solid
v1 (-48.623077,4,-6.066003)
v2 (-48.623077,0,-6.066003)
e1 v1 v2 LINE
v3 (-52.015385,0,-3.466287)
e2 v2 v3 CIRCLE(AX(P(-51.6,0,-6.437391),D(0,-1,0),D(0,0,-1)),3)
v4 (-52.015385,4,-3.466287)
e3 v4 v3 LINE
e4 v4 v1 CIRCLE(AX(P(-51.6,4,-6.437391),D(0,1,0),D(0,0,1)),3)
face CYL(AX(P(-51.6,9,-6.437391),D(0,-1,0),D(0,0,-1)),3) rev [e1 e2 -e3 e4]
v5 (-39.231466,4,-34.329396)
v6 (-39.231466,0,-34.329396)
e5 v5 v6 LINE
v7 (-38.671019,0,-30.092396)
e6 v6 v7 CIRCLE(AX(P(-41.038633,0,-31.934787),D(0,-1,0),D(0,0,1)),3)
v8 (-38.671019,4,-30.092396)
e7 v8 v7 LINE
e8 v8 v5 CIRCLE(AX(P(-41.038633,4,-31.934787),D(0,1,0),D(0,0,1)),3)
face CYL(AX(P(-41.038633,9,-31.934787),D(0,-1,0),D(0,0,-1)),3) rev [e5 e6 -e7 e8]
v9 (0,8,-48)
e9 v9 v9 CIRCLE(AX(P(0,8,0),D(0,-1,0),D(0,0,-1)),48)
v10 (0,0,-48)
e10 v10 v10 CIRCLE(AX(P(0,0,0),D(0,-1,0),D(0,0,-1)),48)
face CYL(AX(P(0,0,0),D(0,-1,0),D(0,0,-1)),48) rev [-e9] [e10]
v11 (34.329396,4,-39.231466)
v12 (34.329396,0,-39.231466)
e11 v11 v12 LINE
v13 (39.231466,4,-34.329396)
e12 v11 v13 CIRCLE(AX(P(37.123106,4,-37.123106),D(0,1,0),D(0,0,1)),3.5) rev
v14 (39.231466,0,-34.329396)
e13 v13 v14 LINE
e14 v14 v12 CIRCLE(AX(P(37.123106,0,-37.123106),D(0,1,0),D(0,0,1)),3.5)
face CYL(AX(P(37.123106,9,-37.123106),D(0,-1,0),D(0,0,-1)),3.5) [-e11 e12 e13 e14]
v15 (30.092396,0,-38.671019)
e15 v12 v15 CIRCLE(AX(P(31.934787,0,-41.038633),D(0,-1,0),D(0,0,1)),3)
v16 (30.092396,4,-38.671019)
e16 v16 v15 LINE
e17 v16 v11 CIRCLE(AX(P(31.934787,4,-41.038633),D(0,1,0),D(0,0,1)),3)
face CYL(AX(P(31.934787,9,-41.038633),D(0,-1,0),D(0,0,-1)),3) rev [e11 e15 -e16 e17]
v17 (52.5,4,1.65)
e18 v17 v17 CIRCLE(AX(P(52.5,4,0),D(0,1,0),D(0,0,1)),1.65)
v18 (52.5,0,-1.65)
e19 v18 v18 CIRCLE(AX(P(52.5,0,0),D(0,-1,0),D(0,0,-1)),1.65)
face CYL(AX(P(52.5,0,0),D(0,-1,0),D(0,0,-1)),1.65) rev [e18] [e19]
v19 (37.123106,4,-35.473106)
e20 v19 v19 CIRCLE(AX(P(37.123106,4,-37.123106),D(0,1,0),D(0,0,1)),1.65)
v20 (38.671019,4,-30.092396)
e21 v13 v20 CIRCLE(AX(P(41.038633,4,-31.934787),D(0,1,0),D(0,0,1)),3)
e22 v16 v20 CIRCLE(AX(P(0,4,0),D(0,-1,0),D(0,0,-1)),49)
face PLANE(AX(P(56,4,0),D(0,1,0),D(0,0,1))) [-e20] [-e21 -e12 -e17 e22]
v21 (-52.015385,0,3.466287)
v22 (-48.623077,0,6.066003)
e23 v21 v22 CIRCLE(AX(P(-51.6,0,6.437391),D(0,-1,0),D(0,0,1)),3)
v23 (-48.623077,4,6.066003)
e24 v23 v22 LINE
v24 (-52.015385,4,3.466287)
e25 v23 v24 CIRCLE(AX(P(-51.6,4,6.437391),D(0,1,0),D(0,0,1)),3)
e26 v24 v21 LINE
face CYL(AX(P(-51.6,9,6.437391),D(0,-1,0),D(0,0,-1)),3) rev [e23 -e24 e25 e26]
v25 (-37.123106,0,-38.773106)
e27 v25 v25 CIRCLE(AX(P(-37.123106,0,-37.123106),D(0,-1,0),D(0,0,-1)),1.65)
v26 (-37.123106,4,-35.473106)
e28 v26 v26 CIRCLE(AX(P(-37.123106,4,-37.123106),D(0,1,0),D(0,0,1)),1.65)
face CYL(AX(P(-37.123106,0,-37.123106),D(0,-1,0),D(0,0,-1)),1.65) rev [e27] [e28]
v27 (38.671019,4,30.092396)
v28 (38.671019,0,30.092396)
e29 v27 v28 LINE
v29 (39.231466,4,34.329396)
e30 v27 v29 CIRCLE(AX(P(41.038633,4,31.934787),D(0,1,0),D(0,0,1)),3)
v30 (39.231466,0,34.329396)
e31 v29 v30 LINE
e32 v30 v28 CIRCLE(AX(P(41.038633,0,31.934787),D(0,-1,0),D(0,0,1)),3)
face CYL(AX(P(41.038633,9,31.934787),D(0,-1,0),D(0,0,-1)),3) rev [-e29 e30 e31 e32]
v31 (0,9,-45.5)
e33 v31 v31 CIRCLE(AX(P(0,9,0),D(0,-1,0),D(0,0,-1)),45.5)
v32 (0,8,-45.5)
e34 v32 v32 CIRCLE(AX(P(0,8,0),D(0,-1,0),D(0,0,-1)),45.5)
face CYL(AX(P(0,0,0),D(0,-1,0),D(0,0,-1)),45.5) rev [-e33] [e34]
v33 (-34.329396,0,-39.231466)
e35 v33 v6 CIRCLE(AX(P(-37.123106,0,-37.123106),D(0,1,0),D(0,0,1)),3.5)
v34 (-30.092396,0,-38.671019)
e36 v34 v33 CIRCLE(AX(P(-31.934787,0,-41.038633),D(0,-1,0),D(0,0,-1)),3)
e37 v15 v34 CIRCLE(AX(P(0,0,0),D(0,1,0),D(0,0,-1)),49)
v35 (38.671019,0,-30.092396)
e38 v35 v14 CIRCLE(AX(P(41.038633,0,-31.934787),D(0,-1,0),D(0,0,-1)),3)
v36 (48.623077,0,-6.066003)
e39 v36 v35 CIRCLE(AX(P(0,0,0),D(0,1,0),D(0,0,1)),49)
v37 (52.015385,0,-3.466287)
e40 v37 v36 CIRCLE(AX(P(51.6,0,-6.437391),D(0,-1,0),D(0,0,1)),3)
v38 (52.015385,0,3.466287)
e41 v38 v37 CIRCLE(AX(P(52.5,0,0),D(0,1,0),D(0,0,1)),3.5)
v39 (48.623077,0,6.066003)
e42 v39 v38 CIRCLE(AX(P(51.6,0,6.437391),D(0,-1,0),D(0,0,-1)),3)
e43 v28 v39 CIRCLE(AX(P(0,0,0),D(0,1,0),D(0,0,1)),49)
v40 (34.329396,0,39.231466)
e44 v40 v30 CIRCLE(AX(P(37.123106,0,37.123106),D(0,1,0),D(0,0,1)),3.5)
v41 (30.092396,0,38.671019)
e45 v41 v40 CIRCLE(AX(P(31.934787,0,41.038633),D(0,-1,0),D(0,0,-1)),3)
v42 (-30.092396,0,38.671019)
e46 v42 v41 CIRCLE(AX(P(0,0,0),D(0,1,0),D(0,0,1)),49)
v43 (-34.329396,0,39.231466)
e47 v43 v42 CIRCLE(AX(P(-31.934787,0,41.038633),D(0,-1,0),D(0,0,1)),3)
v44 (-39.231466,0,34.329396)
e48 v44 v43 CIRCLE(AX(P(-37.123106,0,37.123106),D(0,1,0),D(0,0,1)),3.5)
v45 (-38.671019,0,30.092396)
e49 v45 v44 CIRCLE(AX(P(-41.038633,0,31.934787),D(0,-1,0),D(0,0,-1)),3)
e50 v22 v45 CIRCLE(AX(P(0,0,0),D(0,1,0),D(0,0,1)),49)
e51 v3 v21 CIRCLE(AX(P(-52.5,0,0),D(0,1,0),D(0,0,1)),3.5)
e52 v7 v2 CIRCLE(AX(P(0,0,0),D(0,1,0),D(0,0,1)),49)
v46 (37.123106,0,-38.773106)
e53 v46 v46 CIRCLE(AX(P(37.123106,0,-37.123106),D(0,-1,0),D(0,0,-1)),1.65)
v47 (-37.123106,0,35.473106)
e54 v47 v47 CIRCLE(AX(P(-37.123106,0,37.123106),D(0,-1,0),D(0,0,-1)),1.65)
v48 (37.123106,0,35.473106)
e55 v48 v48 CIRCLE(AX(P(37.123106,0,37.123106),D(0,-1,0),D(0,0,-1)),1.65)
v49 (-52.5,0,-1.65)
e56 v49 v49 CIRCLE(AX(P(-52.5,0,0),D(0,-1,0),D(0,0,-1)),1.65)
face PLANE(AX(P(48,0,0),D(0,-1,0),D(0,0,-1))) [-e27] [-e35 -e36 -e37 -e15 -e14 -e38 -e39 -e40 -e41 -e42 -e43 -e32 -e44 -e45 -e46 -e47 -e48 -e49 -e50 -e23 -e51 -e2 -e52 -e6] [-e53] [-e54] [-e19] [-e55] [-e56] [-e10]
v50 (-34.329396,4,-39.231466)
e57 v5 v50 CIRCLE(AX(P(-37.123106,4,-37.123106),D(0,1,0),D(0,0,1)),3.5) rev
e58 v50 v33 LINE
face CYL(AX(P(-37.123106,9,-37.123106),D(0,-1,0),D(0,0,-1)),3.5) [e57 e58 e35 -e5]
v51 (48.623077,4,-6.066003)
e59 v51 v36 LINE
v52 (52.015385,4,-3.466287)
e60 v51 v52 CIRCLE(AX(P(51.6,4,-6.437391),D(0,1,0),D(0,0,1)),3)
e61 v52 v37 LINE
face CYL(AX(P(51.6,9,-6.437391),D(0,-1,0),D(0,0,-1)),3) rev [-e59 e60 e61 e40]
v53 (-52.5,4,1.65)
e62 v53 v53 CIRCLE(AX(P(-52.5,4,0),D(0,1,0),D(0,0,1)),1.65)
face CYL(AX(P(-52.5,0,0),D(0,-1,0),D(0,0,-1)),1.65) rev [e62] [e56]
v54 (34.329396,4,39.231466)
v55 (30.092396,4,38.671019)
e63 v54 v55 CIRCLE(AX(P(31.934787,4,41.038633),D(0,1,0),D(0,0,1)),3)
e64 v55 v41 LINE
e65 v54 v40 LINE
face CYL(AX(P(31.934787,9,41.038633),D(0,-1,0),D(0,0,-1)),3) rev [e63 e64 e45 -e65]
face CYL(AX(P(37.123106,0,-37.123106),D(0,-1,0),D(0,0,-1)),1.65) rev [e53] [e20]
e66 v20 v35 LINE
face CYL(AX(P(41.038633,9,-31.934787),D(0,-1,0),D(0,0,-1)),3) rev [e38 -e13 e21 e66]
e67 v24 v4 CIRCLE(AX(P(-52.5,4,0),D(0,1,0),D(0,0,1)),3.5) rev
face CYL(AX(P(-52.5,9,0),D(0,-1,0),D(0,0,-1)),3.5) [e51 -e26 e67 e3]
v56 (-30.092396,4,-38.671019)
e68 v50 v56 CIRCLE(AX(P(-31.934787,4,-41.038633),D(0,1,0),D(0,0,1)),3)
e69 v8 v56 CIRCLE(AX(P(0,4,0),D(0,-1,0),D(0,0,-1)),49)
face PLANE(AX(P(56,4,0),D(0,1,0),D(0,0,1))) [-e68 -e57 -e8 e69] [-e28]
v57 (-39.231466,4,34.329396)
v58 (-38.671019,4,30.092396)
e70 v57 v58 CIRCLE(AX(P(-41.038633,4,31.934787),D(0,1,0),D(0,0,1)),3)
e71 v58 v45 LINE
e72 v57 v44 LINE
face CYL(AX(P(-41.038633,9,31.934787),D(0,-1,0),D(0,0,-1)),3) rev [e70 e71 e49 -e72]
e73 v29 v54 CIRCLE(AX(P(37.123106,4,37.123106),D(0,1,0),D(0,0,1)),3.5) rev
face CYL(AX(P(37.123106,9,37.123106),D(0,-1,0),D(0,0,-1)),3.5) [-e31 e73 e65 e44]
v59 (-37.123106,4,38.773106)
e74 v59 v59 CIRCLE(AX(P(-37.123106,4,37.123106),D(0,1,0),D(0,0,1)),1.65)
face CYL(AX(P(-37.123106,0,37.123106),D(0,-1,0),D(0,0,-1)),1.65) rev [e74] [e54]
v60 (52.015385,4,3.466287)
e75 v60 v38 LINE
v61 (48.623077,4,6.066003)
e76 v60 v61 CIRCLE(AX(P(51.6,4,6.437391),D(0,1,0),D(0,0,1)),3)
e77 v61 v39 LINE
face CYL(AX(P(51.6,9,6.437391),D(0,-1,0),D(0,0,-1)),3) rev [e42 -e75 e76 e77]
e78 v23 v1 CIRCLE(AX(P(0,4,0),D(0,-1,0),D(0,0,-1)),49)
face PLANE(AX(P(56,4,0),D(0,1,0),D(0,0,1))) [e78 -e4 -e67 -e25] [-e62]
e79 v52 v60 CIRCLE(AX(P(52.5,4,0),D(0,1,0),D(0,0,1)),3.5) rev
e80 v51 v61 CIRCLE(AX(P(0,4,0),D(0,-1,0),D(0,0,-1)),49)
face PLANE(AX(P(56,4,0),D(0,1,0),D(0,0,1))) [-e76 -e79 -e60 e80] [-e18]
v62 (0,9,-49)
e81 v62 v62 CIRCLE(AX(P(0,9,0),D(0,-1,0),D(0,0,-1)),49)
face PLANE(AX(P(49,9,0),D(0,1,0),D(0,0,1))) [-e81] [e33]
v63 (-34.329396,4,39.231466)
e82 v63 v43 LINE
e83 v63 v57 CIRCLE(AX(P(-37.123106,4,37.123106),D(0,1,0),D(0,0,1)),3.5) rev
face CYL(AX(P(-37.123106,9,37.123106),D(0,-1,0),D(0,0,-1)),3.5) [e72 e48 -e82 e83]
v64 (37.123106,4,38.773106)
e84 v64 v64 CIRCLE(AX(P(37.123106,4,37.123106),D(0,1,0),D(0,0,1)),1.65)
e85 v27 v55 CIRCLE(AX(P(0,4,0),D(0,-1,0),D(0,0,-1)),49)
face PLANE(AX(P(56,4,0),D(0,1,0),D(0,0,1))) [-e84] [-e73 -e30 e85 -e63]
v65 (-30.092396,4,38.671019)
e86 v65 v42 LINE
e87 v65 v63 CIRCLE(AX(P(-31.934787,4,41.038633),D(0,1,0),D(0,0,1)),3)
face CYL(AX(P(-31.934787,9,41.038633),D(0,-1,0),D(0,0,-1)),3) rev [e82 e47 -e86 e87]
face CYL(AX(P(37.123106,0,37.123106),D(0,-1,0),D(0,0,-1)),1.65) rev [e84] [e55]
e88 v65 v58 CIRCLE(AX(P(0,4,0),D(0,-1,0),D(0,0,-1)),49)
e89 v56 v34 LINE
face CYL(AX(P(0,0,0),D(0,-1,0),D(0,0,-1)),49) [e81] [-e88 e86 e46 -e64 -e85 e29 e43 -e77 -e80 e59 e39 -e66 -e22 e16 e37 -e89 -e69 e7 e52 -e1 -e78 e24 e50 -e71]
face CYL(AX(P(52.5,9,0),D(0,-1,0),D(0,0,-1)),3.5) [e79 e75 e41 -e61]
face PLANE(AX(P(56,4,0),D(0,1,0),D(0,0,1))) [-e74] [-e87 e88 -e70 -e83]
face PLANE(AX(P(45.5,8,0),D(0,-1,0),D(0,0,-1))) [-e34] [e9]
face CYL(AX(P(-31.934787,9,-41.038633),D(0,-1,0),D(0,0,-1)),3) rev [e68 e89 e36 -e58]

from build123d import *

# Parameters (mm, degrees)
HOLE_WIZARD_M4_1_D  = 3.3
SKETCH_5_OUTSIDE_W  = 145.73
SKETCH_5_OUTSIDE_H  = 145.73
CUT_EXTRUDE_1_DEPTH = 80.7057087039567


with BuildPart() as part:
    # 草图1 → 旋转1 (revolve)
    with BuildSketch(Plane.XY, mode=Mode.PRIVATE) as revolve_1_sk:
        Polygon((48, 8), (48, 0), (56, 0), (56, 4), (49, 3.999999999999999), (49, 9.000000000000002), (45.5, 9.000000000000002), (45.5, 8), align=None)
    revolve(revolve_1_sk.sketch.rotate(Axis((0, 0, 0), (0, 1, 0)), 90), axis=Axis((0, 0, 0), (0, 1, 0)))

    # M4 螺纹孔1 (through all)
    with Locations(Plane(origin=(0, 0, 0), x_dir=(-1, 0, 0), z_dir=(0, -1, 0))):
        with Locations((0, 52.5), (37.123106012, 37.123106012), (52.5, 0), (37.123106012, -37.123106012), (0, -52.5), (-37.123106012, -37.123106012), (-52.5, 0), (-37.123106012, 37.123106012)):
            Hole(HOLE_WIZARD_M4_1_D / 2)

    # 草图5 outside → 切除-拉伸1 (cut, through all)
    with BuildSketch(Plane(origin=(0, 0, 0), x_dir=(1, 0, 0), z_dir=(0, 1, 0))):
        Rectangle(SKETCH_5_OUTSIDE_W, SKETCH_5_OUTSIDE_H)
        with BuildLine():
            ThreePointArc((-34.32939590334373, 39.23146647178603), (-39.59797974644666, 39.59797974644667), (-39.231466471786035, 34.32939590334374))
            ThreePointArc((-39.231466471786035, 34.32939590334374), (-38.06453796581761, 32.32818427252133), (-38.671019161849834, 30.09239566707582))
            ThreePointArc((-38.671019161849834, 30.09239566707582), (-45.27009709305295, 18.75148818588967), (-48.62307692307686, 6.066002846401533))
            ThreePointArc((-48.62307692307686, 6.066002846401533), (-49.775171240910495, 4.056214595814896), (-52.01538461538459, 3.466287340801167))
            ThreePointArc((-52.01538461538459, 3.466287340801167), (-56.00000000000002, 6.7886e-13), (-52.015384615384676, -3.4662873407999144))
            ThreePointArc((-52.015384615384676, -3.4662873407999144), (-49.7751712409106, -4.056214595813701), (-48.623076923077015, -6.066002846400361))
            ThreePointArc((-48.623076923077015, -6.066002846400361), (-45.27009709305327, -18.75148818588891), (-38.67101916185015, -30.092395667075422))
            ThreePointArc((-38.67101916185015, -30.092395667075422), (-38.06453796581794, -32.328184272520936), (-39.23146647178639, -34.32939590334334))
            ThreePointArc((-39.23146647178639, -34.32939590334334), (-39.59797974644708, -39.597979746446256), (-34.32939590334415, -39.23146647178569))
            ThreePointArc((-34.32939590334415, -39.23146647178569), (-32.328184272521725, -38.06453796581728), (-30.092395667076225, -38.67101916184953))
            ThreePointArc((-30.092395667076225, -38.67101916184953), (-18.751488185889833, -45.27009709305289), (-6.06600284640136, -48.62307692307687))
            ThreePointArc((-6.06600284640136, -48.62307692307687), (-4.2133e-13, -49), (6.066002846400527, -48.62307692307699))
            ThreePointArc((6.066002846400527, -48.62307692307699), (18.751488185889055, -45.27009709305321), (30.09239566707555, -38.67101916185003))
            ThreePointArc((30.09239566707555, -38.67101916185003), (32.32818427252106, -38.06453796581782), (34.32939590334346, -39.23146647178626))
            ThreePointArc((34.32939590334346, -39.23146647178626), (39.597979746446384, -39.59797974644694), (39.2314664717858, -34.32939590334401))
            ThreePointArc((39.2314664717858, -34.32939590334401), (38.06453796581738, -32.32818427252158), (38.67101916184963, -30.092395667076087))
            ThreePointArc((38.67101916184963, -30.092395667076087), (45.27009709305294, -18.75148818588968), (48.623076923076894, -6.066002846401207))
            ThreePointArc((48.623076923076894, -6.066002846401207), (49.77517124091051, -4.056214595814549), (52.015384615384605, -3.4662873408008132))
            ThreePointArc((52.015384615384605, -3.4662873408008132), (56.00000000000002, -2.9896e-13), (52.015384615384654, 3.466287340800272))
            ThreePointArc((52.015384615384654, 3.466287340800272), (49.77517124091057, 4.056214595814031), (48.623076923076965, 6.0660028464006865))
            ThreePointArc((48.623076923076965, 6.0660028464006865), (45.270097093053266, 18.751488185888892), (38.67101916185035, 30.092395667075152))
            ThreePointArc((38.67101916185035, 30.092395667075152), (38.06453796581817, 32.32818427252066), (39.23146647178663, 34.329395903343055))
            ThreePointArc((39.23146647178663, 34.329395903343055), (39.597979746447365, 39.59797974644598), (34.32939590334443, 39.231466471785446))
            ThreePointArc((34.32939590334443, 39.231466471785446), (32.32818427252199, 38.06453796581705), (30.092395667076495, 38.67101916184932))
            ThreePointArc((30.092395667076495, 38.67101916184932), (18.75148818589015, 45.270097093052755), (6.0660028464017035, 48.62307692307684))
            ThreePointArc((6.0660028464017035, 48.62307692307684), (7.6461e-13, 49.00000000000001), (-6.066002846400184, 48.62307692307702))
            ThreePointArc((-6.066002846400184, 48.62307692307702), (-18.751488185889055, 45.270097093053195), (-30.092395667075817, 38.67101916184983))
            ThreePointArc((-30.092395667075817, 38.67101916184983), (-32.32818427252132, 38.0645379658176), (-34.32939590334373, 39.23146647178603))
        make_face(mode=Mode.SUBTRACT)
    extrude(amount=CUT_EXTRUDE_1_DEPTH, mode=Mode.SUBTRACT)


solid = part.part
